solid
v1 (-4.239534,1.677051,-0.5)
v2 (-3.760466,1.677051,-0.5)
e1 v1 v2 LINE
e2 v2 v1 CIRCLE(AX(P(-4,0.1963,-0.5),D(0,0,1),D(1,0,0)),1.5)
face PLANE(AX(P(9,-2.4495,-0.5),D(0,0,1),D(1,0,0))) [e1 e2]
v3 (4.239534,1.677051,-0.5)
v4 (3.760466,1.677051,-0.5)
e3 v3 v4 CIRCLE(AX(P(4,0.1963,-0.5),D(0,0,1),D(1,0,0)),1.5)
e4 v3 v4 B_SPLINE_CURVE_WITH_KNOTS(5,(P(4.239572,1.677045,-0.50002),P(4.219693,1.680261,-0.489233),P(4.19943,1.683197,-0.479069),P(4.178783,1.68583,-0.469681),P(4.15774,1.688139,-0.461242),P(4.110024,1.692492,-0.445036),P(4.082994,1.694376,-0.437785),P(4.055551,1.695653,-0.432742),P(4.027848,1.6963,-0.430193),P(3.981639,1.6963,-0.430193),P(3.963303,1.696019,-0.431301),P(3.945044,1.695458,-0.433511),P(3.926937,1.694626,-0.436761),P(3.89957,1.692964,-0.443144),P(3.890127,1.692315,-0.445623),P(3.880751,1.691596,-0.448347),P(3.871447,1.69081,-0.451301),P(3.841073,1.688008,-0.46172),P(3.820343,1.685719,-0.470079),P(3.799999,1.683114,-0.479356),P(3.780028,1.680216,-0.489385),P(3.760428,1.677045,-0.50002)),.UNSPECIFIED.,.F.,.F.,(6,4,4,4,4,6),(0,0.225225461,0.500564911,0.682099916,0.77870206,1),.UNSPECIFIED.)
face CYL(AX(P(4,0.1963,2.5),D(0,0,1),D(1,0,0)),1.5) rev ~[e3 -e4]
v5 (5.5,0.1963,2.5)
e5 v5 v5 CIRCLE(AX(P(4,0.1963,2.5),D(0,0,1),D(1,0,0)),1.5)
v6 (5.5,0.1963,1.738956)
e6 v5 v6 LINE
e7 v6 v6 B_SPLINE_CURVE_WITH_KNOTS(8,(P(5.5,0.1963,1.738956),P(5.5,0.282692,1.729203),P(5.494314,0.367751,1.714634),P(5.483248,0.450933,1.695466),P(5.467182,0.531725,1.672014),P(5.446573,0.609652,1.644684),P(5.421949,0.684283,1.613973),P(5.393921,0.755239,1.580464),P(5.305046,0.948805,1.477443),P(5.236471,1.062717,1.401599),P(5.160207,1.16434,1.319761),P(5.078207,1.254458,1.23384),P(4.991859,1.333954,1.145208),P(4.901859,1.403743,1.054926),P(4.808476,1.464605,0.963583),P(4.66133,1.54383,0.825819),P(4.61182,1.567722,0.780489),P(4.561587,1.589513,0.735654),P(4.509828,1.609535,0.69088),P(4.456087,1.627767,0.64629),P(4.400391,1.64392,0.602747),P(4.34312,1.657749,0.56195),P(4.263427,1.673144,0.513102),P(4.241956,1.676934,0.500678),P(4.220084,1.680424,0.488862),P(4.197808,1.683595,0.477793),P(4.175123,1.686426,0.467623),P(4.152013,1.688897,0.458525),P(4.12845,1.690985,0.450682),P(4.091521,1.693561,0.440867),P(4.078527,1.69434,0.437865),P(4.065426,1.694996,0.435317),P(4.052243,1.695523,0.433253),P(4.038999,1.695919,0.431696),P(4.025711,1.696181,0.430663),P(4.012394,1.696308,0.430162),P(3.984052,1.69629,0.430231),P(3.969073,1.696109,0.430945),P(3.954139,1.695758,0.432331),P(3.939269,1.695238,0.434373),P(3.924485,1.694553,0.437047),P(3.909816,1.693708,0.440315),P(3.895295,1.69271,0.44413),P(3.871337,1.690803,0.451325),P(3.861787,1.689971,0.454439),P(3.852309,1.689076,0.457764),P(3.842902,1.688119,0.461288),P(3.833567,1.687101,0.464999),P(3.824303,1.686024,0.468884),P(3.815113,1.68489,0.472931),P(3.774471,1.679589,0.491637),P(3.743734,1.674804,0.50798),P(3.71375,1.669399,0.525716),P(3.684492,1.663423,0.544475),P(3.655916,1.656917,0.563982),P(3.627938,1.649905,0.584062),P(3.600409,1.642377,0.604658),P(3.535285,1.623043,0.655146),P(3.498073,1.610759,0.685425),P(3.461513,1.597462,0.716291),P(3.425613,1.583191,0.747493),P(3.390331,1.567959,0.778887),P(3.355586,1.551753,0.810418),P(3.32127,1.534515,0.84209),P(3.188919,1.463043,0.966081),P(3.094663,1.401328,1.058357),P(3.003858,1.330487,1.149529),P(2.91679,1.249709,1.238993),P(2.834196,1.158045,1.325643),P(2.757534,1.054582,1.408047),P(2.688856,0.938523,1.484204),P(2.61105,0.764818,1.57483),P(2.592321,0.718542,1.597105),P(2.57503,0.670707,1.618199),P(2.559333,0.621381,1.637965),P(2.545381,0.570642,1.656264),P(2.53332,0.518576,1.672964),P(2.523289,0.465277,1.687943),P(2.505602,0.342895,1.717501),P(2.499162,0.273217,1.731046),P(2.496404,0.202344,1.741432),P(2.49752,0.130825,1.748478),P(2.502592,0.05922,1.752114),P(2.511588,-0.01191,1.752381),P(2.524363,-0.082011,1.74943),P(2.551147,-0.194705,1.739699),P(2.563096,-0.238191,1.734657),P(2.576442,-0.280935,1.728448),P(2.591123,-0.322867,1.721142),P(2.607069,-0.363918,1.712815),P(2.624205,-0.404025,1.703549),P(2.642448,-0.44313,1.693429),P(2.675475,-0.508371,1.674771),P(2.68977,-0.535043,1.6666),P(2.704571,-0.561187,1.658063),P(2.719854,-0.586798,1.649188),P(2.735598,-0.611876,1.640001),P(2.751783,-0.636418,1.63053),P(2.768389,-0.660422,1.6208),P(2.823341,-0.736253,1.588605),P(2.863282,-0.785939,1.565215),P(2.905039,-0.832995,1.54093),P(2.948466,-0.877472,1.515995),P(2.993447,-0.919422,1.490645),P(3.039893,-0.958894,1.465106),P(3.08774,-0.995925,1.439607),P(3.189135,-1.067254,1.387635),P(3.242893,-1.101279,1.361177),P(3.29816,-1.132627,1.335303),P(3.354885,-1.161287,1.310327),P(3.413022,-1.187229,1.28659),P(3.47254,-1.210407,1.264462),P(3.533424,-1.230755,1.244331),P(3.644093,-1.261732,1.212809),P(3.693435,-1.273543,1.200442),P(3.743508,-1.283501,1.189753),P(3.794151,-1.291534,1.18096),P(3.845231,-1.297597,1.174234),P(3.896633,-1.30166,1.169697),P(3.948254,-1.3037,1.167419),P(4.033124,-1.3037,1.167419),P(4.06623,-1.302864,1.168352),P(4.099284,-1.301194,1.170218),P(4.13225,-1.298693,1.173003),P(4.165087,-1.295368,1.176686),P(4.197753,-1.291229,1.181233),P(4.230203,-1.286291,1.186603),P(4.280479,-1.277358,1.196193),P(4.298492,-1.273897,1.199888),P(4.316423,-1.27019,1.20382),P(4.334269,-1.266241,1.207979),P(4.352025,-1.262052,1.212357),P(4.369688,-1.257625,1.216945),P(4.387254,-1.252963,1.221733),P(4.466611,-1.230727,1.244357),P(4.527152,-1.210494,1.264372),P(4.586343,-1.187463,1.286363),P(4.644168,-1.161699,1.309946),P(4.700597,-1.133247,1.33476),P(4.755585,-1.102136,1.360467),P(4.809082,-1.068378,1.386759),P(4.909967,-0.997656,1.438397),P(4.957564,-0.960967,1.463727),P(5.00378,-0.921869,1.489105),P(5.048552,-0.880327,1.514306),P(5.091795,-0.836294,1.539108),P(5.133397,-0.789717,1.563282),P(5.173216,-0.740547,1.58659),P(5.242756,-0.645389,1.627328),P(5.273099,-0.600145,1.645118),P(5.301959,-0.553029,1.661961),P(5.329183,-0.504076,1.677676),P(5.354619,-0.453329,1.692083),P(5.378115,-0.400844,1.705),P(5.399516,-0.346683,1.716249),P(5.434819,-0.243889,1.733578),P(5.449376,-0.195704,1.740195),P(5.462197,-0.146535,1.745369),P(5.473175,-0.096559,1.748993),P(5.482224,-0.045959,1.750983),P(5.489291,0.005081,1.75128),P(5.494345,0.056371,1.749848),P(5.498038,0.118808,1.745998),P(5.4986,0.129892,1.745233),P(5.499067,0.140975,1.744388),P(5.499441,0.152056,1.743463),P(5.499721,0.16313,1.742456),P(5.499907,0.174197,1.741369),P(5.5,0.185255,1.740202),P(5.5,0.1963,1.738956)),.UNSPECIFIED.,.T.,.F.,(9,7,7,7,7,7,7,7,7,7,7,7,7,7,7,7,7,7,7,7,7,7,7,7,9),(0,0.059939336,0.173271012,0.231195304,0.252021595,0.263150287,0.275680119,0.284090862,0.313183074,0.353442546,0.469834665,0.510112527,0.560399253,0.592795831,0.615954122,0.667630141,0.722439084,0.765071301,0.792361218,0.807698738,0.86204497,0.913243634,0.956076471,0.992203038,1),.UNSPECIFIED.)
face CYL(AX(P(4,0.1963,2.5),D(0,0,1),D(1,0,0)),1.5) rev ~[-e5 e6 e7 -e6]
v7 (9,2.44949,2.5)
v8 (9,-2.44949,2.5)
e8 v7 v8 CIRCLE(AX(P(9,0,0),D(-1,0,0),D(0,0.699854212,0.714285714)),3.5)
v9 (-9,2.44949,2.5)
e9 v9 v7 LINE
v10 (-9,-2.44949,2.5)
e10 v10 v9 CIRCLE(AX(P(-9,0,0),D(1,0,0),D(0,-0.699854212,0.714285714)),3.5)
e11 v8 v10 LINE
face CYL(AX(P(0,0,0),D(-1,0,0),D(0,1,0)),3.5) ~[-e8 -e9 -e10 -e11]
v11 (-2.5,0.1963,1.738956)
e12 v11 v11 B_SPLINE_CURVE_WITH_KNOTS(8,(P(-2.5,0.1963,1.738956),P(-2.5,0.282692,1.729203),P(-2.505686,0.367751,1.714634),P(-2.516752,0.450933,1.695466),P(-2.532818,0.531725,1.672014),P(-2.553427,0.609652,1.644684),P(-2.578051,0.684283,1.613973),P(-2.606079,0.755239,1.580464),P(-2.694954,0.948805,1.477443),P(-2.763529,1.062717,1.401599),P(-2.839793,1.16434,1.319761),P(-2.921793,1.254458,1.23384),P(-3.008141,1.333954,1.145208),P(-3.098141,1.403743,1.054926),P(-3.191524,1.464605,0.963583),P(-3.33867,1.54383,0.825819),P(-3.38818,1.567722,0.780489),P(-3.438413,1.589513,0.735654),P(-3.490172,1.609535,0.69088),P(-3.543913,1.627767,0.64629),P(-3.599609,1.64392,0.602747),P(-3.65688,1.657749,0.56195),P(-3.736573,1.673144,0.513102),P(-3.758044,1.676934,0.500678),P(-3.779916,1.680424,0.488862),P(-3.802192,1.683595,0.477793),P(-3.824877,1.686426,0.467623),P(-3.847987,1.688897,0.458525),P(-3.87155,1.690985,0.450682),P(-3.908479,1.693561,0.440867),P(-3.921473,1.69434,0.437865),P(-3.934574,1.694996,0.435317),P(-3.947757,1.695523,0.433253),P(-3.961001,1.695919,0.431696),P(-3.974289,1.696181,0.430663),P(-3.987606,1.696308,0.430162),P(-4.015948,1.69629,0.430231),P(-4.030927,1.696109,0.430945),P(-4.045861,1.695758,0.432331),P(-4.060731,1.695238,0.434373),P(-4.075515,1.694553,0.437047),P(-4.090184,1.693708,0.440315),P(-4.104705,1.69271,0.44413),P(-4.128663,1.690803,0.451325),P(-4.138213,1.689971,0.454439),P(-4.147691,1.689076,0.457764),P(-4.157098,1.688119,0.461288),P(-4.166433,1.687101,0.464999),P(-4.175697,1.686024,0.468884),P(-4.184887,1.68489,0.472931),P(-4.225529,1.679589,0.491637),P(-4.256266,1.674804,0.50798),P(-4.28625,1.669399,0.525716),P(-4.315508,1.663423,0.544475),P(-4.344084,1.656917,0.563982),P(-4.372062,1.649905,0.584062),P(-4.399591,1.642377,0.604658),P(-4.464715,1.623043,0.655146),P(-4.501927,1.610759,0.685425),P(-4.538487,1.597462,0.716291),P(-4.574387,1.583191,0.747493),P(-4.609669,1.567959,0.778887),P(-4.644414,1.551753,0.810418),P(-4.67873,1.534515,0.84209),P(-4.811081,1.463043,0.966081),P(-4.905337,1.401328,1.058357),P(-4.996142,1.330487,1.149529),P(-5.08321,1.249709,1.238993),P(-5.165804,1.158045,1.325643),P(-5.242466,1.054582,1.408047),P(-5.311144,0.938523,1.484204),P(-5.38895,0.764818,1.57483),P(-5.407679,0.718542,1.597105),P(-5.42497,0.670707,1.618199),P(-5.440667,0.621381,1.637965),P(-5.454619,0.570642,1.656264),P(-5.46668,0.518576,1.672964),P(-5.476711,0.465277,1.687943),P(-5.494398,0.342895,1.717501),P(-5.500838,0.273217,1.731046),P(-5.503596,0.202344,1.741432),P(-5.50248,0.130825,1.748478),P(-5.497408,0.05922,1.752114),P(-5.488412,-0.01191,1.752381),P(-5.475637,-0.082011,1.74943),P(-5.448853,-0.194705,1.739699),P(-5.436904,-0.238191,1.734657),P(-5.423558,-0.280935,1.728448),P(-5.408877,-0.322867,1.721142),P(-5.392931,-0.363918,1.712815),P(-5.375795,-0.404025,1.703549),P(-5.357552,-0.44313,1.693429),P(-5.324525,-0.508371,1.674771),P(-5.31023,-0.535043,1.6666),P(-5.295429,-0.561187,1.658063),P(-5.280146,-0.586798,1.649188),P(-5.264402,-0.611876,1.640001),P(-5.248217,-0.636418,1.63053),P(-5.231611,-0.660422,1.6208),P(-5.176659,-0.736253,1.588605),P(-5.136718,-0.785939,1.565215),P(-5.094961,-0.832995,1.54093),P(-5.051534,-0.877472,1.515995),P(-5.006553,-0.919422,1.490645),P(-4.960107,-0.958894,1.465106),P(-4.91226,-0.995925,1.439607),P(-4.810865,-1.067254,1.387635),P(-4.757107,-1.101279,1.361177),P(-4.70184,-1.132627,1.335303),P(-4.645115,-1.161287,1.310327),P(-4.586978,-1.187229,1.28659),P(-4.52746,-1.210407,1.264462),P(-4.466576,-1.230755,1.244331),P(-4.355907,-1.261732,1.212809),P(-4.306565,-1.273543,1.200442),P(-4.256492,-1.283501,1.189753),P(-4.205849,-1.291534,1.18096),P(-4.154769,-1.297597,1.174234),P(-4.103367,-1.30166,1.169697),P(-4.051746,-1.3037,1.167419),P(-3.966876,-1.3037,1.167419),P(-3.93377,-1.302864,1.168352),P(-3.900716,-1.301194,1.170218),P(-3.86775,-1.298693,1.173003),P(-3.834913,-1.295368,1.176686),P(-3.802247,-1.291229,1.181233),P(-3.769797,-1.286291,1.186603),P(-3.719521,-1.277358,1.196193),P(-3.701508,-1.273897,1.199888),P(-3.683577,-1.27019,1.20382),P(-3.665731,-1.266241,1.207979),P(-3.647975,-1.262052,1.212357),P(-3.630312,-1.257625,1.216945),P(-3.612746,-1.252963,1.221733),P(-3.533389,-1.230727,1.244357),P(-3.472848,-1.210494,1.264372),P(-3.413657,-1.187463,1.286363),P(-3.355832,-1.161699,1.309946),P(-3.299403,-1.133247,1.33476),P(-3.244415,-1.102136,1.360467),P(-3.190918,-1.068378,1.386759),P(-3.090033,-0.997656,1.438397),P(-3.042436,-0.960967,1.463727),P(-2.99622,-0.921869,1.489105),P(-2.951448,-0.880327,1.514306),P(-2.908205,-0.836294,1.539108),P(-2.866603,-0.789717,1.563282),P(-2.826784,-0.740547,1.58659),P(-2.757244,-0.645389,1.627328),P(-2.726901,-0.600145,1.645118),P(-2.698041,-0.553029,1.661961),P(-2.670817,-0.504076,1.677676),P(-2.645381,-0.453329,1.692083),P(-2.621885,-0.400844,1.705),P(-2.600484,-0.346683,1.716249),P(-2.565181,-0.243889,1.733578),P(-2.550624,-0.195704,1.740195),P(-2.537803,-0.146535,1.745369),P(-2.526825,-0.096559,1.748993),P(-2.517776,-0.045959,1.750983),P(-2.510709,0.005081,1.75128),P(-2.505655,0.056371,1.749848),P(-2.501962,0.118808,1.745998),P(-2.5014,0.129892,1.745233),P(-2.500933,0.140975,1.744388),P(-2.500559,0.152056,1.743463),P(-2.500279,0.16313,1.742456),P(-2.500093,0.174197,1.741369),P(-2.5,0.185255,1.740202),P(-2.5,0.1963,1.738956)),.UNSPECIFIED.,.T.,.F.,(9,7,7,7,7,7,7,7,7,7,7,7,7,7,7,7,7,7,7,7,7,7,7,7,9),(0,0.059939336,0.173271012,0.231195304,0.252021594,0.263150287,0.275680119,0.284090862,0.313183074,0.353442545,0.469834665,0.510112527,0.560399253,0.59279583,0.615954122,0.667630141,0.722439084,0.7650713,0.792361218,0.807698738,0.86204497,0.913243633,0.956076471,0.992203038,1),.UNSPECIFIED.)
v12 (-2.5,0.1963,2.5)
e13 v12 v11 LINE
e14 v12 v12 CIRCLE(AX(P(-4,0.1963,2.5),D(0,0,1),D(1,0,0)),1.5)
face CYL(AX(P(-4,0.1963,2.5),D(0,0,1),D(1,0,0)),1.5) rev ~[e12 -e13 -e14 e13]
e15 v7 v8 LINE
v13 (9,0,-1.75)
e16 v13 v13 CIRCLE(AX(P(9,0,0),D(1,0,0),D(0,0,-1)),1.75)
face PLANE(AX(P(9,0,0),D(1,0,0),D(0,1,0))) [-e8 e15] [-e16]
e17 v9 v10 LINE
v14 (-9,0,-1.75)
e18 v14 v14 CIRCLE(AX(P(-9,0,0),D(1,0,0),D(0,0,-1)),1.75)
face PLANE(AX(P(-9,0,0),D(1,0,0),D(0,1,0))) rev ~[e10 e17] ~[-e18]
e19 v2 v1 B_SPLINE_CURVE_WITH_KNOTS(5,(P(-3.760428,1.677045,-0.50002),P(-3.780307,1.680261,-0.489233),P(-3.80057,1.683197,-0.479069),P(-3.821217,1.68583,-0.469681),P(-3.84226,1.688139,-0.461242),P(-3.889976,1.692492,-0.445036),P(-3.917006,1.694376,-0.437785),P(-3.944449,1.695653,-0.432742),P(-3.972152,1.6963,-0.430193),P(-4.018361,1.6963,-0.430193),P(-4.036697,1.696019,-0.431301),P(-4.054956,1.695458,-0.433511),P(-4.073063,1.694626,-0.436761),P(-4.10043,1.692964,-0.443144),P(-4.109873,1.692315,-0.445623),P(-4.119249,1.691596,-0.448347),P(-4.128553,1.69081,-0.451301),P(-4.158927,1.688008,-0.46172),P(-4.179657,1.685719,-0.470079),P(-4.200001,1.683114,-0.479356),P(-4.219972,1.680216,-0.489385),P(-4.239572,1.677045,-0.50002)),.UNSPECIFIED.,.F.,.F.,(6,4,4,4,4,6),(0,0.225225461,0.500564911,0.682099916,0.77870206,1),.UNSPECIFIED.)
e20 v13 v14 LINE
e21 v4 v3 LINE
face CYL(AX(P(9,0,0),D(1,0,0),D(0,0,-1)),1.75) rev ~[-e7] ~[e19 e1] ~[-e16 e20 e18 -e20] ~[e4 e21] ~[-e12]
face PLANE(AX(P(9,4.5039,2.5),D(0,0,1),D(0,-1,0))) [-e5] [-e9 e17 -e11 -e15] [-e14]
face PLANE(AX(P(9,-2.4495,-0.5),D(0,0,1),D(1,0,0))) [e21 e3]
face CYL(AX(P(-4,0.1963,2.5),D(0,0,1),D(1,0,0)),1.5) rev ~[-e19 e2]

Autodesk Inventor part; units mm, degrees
ref_plane "YZ Plane" through (0, 0, 0) normal (1, 0, 0) x (0, 1, 0)
ref_plane "XZ Plane" through (0, 0, 0) normal (0, 1, 0) x (-1, 0, 0)
ref_plane "XY Plane" through (0, 0, 0) normal (0, 0, 1) x (1, 0, 0)
sketch "スケッチ1" plane through (0, 0, 0) normal (1, 0, 0) x (0, 1, 0)
  circle A0 centre (0, 0) radius 3.5
  dimension "d0" = 7
extrude "押し出し1" add sketch "スケッチ1" along normal mid plane 18
sketch "スケッチ2" plane through (9, 0, 0) normal (1, 0, 0) x (0, 0, -1)
  circle A0 centre (0, 0) radius 1.75
  dimension "d3" = 3.5
extrude "押し出し2" cut sketch "スケッチ2" against normal through all
sketch "スケッチ3" plane through (9, 0, 0) normal (1, 0, 0) x (0, 0, -1)
  line L0 (-4.5, 4.5039) -> (-2.5, 4.5039)
  line L1 (-2.5, 4.5039) -> (-2.5, -4.5039)
  line L2 (-2.5, -4.5039) -> (-4.5, -4.5039)
  line L3 (-4.5, -4.5039) -> (-4.5, 4.5039)
  circle A0 centre (0, 0) radius 3.5 projected
  line L4 (-4.5, 4.5039) -> (-2.5, -4.5039) construction
  line L5 (-2.5, 4.5039) -> (-4.5, -4.5039) construction
  point P0 (-3.5, 0)
extrude "押し出し3" cut sketch "スケッチ3" against normal through all contours L0 L1 A0 L2 L3 | L1 A0 picked at (-2.8262, -0.1289)
sketch "スケッチ5" plane through (9, -2.4495, 2.5) normal (0, 0, 1) x (1, 0, 0)
  circle A0 centre (-13, 2.6458) radius 1.5
  line L0 (-9, 2.4495) -> (-9, 9.8667) construction
  circle A1 centre (-5, 2.6458) radius 1.5
  dimension "d10" = 3
extrude "押し出し4" cut sketch "スケッチ5" against normal blind 3
thread "ねじ1" size "M3x0.5" class "6H" standard "ANSI Metric M Profile" full length
thread "ねじ2" size "M3x0.5" class "6H" standard "ANSI Metric M Profile" full length
properties part number "attachment2"
